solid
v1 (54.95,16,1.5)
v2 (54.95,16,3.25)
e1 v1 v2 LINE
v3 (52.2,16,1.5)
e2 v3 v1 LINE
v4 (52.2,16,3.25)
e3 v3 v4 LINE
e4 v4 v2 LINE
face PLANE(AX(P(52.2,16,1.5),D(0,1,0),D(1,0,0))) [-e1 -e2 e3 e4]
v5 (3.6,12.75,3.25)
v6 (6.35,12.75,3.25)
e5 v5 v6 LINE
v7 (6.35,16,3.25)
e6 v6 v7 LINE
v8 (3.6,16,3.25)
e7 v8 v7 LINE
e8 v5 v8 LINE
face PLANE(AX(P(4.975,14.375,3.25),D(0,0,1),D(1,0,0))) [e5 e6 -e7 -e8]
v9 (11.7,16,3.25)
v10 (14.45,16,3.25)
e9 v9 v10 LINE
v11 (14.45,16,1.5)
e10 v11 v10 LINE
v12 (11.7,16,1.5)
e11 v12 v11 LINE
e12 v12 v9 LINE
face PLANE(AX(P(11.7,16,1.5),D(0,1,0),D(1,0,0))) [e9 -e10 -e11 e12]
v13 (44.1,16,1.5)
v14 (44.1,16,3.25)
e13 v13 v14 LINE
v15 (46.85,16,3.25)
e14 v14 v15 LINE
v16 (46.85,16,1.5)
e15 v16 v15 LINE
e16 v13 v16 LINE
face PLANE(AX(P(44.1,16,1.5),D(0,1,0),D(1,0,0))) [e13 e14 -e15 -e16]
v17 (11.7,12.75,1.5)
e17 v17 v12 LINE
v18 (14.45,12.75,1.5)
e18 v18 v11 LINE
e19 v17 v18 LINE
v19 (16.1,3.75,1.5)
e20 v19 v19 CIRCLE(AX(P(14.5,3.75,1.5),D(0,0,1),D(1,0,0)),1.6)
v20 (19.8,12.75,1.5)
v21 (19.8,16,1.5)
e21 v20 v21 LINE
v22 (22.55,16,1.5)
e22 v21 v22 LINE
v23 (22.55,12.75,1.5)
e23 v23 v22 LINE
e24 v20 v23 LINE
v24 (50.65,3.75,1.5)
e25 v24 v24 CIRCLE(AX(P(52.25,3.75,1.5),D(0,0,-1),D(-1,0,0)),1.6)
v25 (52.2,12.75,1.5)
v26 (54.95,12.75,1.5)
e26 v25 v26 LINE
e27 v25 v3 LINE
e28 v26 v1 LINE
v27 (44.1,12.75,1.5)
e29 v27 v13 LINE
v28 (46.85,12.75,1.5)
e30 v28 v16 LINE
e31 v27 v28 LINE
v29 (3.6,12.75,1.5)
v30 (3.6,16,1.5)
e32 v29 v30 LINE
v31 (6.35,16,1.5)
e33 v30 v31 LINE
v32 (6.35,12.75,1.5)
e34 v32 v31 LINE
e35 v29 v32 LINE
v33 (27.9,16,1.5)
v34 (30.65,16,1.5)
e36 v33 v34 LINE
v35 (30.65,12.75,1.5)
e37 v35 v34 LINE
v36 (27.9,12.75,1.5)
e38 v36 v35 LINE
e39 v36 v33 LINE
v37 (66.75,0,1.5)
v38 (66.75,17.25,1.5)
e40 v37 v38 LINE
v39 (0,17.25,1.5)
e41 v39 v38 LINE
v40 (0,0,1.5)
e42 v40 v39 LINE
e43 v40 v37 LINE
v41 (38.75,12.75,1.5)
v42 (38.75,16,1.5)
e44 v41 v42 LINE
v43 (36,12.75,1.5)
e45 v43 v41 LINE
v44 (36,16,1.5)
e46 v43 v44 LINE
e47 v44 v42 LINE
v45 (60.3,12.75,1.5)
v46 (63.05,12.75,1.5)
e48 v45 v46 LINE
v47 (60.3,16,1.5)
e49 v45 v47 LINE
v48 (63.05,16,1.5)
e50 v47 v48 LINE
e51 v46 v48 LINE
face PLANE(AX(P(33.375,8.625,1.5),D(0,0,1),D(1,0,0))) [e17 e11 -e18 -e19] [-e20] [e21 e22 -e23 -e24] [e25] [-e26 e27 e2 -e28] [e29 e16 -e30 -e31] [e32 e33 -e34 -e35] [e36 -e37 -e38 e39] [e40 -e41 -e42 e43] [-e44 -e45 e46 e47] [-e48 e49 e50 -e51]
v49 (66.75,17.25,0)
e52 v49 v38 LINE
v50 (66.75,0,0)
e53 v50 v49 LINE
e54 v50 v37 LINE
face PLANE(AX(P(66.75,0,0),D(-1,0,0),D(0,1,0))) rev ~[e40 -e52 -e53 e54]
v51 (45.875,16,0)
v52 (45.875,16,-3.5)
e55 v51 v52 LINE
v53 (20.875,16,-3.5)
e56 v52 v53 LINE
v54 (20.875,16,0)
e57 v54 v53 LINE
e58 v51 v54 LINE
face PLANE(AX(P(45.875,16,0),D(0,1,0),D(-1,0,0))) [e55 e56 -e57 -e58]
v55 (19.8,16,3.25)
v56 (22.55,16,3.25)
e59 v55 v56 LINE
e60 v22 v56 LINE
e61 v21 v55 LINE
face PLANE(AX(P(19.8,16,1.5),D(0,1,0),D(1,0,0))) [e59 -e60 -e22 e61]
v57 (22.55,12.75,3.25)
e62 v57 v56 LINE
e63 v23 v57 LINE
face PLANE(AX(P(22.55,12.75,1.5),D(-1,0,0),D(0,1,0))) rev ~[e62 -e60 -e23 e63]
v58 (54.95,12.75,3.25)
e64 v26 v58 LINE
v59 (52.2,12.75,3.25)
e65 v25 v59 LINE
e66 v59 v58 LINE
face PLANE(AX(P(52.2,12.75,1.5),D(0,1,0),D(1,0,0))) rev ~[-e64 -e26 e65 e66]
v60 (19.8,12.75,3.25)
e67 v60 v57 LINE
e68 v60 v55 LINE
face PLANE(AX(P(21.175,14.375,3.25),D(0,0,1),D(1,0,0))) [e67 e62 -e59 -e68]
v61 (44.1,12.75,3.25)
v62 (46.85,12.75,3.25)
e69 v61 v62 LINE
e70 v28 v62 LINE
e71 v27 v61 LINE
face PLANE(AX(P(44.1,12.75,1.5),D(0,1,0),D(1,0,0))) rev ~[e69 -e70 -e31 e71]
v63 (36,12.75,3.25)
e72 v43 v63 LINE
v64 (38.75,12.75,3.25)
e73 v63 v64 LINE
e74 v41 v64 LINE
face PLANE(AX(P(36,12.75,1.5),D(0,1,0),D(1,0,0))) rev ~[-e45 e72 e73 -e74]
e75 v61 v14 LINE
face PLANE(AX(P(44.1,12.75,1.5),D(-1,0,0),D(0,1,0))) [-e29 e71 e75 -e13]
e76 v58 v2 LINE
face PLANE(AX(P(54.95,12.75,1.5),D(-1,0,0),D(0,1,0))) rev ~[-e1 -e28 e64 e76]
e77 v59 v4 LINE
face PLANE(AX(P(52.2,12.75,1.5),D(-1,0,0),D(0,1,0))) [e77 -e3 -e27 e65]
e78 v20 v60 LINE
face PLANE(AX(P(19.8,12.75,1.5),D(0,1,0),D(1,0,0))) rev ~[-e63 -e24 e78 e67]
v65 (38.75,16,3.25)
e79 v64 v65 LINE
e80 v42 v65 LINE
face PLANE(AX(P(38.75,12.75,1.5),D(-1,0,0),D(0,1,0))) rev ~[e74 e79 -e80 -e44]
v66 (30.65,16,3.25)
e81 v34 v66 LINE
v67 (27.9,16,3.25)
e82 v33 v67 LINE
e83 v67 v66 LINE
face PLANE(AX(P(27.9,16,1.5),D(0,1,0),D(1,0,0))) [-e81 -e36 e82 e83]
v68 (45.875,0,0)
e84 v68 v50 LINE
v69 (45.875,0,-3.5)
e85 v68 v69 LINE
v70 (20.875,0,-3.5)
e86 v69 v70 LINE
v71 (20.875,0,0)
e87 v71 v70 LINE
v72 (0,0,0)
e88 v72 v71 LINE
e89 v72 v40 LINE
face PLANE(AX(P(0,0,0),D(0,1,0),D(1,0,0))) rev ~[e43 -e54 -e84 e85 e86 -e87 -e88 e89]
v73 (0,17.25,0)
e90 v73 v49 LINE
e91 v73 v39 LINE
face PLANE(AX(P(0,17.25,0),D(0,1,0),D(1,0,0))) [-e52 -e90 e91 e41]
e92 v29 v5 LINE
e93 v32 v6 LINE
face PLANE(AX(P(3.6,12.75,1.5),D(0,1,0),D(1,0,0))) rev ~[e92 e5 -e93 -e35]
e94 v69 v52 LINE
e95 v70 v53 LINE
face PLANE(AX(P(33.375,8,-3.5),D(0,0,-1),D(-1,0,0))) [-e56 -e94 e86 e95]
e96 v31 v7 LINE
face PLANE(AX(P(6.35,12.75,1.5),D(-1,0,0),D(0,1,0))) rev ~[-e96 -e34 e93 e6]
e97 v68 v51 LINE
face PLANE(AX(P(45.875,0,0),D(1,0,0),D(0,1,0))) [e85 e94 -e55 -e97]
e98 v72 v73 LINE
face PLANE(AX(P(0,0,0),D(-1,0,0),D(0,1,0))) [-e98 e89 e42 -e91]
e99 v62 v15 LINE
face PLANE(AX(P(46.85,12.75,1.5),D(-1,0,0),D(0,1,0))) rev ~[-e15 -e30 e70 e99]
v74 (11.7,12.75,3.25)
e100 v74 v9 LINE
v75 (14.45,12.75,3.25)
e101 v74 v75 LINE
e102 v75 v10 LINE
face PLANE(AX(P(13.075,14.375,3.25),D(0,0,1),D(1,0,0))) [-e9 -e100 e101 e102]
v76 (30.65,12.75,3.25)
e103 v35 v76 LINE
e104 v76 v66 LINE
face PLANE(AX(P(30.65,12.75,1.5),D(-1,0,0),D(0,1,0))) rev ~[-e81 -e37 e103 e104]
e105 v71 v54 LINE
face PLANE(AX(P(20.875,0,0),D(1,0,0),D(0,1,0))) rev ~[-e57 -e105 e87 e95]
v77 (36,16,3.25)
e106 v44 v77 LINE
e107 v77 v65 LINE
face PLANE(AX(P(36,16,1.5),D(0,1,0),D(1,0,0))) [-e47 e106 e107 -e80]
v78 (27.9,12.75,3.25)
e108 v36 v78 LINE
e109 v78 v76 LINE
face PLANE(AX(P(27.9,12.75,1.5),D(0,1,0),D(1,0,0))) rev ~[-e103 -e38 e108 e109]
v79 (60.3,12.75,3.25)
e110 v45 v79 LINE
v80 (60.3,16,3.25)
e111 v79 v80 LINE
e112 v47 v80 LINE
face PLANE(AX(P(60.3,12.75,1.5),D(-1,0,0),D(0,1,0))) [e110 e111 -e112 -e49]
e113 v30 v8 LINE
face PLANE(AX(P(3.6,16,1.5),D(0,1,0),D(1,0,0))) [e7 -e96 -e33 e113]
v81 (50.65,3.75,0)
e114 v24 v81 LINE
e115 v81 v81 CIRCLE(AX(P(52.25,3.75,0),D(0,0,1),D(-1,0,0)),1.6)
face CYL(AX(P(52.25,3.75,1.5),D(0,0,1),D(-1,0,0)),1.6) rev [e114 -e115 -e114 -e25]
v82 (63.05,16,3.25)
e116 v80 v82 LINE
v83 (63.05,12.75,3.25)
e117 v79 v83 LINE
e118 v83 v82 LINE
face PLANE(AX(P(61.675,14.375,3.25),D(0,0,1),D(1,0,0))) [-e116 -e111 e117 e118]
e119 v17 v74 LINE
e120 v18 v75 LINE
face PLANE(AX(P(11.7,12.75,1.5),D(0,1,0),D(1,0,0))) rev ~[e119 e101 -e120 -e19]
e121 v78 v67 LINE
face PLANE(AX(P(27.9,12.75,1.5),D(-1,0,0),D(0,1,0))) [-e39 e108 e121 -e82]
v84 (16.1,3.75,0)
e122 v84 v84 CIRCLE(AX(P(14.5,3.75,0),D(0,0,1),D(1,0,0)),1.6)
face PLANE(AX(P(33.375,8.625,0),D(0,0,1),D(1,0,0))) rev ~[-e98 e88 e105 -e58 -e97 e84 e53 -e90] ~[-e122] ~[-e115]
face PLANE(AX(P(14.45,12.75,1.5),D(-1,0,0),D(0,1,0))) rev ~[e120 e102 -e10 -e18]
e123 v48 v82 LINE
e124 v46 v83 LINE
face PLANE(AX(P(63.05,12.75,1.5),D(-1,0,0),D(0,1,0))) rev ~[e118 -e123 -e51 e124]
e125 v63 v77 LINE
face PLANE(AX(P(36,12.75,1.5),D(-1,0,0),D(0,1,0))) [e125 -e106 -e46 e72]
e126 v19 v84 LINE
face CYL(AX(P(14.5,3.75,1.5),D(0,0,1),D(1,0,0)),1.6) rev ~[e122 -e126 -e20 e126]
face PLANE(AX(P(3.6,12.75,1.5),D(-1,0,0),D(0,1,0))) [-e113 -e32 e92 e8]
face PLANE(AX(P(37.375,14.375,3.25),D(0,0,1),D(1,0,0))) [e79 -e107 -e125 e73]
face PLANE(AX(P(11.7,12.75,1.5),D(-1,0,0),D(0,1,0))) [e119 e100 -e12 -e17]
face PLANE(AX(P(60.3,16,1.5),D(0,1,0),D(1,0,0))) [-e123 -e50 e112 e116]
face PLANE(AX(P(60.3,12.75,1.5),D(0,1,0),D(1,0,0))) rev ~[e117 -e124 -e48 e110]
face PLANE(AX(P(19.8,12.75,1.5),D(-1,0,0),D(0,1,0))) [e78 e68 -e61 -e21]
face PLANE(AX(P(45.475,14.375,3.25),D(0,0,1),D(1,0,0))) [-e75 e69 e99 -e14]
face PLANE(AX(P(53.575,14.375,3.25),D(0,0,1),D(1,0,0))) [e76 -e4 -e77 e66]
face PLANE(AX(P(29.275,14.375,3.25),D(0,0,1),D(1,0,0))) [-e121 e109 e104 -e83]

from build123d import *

# Parameters (mm, degrees)
SKETCH1_W           = 66.75
SKETCH1_H           = 17.25
BOSS_EXTRUDE1_DEPTH = 1.5
SKETCH2_W           = 2.75
SKETCH2_H           = 3.25
BOSS_EXTRUDE2_DEPTH = 1.75
LPATTERN1_COUNT     = 8
LPATTERN1_PITCH     = 8.1
SKETCH3_R           = 1.6
CUT_EXTRUDE1_DEPTH  = 2.5
SKETCH4_W           = 25
SKETCH4_H           = 16
BOSS_EXTRUDE3_DEPTH = 3.5


with BuildPart() as part:
    # Sketch1 → Boss-Extrude1 (new body)
    with BuildSketch(Plane.XY):
        with Locations((33.375, 8.625)):
            Rectangle(SKETCH1_W, SKETCH1_H)
    extrude(amount=BOSS_EXTRUDE1_DEPTH)

    # Sketch2 → Boss-Extrude2 (add)
    with BuildSketch(Plane.XY.offset(1.5)):
        with Locations((4.975, 14.375)):
            Rectangle(SKETCH2_W, SKETCH2_H)
    boss_extrude2 = extrude(amount=BOSS_EXTRUDE2_DEPTH)

    # LPattern1: Boss-Extrude2 ×8
    with Locations(*[(i * LPATTERN1_PITCH, 0, 0) for i in range(1, LPATTERN1_COUNT)]):
        add(boss_extrude2)

    # Sketch3 → Cut-Extrude1 (cut, through all)
    with BuildSketch(Plane.XY.offset(1.5)):
        with Locations((14.5, 3.75)):
            Circle(SKETCH3_R)
    cut_extrude1 = extrude(amount=-CUT_EXTRUDE1_DEPTH, mode=Mode.SUBTRACT)

    # Mirror1: Cut-Extrude1 across plane
    add(cut_extrude1.mirror(Plane.ZY.offset(-33.375)), mode=Mode.SUBTRACT)

    # Sketch4 → Boss-Extrude3 (add)
    with BuildSketch(Plane(origin=(0, 0, 0), x_dir=(-1, 0, 0), z_dir=(0, 0, -1))):
        with Locations((-33.375, 8)):
            Rectangle(SKETCH4_W, SKETCH4_H)
    extrude(amount=BOSS_EXTRUDE3_DEPTH)


solid = part.part
